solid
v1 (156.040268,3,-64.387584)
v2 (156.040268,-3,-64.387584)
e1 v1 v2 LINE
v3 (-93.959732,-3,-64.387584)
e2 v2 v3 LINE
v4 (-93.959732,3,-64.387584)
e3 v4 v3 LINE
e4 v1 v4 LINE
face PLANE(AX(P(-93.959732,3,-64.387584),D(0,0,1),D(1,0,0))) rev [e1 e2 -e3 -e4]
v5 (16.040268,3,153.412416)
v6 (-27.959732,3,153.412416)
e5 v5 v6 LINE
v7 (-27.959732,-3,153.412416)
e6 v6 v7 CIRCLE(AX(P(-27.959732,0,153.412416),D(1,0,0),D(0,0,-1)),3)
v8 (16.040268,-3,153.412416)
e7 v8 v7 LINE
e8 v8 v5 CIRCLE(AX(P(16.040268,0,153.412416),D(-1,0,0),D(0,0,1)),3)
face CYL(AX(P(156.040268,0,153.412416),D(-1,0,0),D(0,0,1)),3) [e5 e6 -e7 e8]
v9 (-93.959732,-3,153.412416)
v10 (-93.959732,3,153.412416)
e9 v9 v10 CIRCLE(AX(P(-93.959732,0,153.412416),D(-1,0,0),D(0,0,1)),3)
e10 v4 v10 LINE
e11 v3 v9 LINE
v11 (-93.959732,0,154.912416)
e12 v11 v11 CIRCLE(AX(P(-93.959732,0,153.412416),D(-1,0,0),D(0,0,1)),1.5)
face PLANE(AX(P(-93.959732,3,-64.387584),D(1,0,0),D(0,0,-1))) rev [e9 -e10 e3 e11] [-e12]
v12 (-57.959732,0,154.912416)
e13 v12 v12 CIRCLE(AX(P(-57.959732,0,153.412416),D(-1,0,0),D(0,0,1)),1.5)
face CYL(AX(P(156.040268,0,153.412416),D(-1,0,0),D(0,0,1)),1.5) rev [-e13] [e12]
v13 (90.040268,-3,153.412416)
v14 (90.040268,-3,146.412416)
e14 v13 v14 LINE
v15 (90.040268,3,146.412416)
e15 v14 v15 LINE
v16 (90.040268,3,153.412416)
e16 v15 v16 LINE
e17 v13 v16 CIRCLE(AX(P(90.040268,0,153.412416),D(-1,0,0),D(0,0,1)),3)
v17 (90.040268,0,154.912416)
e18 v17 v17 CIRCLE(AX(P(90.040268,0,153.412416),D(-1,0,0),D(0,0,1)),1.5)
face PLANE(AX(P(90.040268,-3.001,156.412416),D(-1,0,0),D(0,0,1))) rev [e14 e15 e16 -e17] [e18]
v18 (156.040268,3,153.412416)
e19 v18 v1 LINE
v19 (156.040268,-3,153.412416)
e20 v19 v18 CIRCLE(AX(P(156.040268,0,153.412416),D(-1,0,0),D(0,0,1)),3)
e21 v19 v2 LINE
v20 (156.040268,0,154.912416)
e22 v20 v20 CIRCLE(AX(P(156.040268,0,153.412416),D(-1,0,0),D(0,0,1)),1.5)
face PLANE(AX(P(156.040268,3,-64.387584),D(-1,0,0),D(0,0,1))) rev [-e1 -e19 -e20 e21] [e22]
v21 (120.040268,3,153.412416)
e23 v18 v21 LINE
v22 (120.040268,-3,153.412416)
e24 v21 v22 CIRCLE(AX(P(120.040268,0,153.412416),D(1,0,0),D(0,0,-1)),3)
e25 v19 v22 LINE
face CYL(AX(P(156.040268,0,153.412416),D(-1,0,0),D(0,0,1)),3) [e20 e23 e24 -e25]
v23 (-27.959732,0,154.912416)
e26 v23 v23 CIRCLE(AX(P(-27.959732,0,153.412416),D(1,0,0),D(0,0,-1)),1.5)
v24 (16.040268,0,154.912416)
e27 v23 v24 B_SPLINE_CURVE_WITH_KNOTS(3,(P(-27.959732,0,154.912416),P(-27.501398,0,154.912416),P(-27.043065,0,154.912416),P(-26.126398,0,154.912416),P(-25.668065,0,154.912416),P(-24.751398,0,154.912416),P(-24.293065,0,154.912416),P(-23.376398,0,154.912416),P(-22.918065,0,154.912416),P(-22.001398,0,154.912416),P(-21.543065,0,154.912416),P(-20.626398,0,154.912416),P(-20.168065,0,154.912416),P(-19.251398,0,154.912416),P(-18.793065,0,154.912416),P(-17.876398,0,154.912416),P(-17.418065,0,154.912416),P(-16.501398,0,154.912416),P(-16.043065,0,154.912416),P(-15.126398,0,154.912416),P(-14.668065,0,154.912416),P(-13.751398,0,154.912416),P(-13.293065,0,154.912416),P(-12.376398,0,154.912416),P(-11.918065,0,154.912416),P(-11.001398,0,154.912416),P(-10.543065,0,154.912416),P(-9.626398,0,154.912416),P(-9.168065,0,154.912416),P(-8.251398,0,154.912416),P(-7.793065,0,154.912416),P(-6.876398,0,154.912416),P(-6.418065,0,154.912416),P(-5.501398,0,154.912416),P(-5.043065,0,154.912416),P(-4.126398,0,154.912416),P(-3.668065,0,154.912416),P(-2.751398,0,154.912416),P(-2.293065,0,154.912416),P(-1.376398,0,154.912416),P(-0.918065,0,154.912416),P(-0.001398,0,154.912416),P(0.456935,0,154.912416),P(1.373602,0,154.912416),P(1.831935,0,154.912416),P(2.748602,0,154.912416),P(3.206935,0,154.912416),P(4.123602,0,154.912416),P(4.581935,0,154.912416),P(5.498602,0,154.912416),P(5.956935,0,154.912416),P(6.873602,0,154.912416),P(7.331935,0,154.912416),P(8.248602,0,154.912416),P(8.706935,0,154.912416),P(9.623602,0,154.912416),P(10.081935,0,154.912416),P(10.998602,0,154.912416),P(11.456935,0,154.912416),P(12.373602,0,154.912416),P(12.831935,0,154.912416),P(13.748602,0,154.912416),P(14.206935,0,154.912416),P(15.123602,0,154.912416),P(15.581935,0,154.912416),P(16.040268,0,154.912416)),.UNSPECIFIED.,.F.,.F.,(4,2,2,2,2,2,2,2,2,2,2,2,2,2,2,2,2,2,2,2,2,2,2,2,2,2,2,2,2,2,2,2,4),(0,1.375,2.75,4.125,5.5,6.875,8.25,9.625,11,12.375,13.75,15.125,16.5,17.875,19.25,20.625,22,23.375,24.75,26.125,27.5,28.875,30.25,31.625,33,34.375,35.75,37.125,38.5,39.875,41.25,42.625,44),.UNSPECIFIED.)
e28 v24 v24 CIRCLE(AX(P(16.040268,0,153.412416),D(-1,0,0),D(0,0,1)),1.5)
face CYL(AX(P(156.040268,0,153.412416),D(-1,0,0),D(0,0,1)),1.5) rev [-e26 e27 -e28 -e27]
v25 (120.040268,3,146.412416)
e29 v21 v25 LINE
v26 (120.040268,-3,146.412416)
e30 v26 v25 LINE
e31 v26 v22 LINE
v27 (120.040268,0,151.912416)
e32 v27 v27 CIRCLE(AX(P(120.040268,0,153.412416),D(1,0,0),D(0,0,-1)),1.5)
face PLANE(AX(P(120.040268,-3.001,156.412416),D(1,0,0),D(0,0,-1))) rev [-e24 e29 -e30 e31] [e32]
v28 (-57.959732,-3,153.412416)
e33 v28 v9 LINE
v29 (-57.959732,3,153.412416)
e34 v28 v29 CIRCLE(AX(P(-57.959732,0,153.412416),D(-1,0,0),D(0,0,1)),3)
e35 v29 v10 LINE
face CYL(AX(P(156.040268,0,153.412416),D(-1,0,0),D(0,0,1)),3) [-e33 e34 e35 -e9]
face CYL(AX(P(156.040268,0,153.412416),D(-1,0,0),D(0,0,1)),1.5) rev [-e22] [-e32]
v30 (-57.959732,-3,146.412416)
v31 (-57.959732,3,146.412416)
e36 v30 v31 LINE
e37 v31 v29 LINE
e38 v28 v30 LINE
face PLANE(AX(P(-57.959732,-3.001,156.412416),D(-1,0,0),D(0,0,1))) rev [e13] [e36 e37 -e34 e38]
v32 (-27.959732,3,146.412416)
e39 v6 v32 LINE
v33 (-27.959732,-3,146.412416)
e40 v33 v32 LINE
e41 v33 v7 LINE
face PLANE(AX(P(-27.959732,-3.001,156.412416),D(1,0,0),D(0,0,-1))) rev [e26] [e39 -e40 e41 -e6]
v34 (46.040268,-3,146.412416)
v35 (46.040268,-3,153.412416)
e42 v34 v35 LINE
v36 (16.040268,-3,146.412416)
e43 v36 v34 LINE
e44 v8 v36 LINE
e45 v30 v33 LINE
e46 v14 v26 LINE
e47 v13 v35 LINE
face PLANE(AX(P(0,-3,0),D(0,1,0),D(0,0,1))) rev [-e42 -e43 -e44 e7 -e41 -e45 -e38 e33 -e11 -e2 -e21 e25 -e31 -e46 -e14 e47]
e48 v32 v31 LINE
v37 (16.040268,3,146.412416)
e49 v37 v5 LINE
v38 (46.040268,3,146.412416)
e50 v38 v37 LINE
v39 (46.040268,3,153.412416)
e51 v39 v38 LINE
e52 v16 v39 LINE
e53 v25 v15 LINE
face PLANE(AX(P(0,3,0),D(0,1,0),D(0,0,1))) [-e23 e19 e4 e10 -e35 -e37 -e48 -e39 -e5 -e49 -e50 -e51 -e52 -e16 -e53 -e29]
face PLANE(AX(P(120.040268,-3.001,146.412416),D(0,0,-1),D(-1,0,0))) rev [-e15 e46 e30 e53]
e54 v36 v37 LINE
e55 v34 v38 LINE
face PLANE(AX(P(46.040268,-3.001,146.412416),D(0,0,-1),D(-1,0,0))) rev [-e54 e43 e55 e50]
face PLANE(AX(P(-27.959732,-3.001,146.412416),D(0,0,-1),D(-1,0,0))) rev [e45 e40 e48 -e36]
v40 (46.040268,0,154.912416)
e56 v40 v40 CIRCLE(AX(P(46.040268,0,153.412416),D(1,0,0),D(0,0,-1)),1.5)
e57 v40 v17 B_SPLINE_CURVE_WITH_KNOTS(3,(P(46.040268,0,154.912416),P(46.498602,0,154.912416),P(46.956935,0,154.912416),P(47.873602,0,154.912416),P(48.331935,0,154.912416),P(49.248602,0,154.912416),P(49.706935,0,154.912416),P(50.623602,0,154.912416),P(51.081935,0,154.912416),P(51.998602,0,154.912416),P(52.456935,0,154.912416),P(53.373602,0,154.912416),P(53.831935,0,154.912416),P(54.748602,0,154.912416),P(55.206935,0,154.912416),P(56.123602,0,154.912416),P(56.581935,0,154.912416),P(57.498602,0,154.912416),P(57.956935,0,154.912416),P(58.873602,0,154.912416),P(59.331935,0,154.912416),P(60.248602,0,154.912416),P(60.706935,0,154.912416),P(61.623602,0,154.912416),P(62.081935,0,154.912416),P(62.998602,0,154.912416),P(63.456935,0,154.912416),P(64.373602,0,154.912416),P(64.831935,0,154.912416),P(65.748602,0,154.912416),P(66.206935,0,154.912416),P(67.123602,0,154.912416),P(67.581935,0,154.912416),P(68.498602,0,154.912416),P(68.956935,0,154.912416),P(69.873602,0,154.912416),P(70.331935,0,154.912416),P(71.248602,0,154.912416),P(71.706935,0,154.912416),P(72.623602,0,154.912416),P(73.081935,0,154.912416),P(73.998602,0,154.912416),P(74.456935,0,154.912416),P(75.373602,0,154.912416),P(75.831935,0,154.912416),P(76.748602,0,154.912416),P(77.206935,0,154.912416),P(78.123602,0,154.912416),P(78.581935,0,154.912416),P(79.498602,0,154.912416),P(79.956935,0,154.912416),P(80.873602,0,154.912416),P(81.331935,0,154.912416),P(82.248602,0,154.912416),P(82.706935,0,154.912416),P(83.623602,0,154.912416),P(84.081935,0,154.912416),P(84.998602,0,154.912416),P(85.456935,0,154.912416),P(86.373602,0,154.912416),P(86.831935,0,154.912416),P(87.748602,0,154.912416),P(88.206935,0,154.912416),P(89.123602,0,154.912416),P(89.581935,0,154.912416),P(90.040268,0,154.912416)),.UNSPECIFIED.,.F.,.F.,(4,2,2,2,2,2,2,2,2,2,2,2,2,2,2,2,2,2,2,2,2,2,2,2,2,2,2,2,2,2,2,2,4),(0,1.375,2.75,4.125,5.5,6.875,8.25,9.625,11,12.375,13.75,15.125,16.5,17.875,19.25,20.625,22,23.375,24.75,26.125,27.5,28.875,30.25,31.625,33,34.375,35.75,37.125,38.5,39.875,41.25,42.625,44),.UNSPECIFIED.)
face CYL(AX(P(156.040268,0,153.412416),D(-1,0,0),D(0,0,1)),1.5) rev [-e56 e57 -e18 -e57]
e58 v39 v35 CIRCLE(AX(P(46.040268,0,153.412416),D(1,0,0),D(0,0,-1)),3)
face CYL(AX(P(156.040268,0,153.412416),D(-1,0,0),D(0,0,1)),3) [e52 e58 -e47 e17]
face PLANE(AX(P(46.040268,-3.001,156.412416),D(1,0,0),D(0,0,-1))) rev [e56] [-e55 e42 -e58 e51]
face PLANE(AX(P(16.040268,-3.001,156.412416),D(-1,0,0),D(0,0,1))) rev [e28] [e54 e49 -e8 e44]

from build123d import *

# Parameters (mm, degrees)
SKETCH_1_W          = 250
SKETCH_1_H          = 220.8
EXTRUDE_1_DEPTH     = 3
CUT_EXTRUDE_1_REACH = 223.019
SKETCH_2_W          = 30
SKETCH_2_H          = 10
SKETCH_3_R          = 1.5
CUT_EXTRUDE_2_DEPTH = 295.913282021


with BuildPart() as part:
    # 草图1 → 凸台-拉伸1 (new, symmetric)
    with BuildSketch(Plane(origin=(0, 0, 0), x_dir=(1, 0, 0), z_dir=(0, 1, 0))):
        with Locations((31.040268456, -46.012416107)):
            Rectangle(SKETCH_1_W, SKETCH_1_H)
    extrude(amount=EXTRUDE_1_DEPTH, both=True)

    # 草图2 → 切除-拉伸1 (cut, up to next)
    with BuildSketch(Plane(origin=(0, 3, 0), x_dir=(1, 0, 0), z_dir=(0, 1, 0)), mode=Mode.PRIVATE) as cut_extrude_1_sk1:
        with Locations((-42.959731544, -151.412416107)):
            Rectangle(SKETCH_2_W, SKETCH_2_H)
    cut_extrude_1_tool1 = extrude(cut_extrude_1_sk1.sketch, amount=-CUT_EXTRUDE_1_REACH, mode=Mode.PRIVATE) & part.part
    # 草图2 → 切除-拉伸1 (cut, up to next)
    with BuildSketch(Plane(origin=(0, 3, 0), x_dir=(1, 0, 0), z_dir=(0, 1, 0)), mode=Mode.PRIVATE) as cut_extrude_1_sk2:
        with Locations((31.040268456, -151.412416107)):
            Rectangle(SKETCH_2_W, SKETCH_2_H)
    cut_extrude_1_tool2 = extrude(cut_extrude_1_sk2.sketch, amount=-CUT_EXTRUDE_1_REACH, mode=Mode.PRIVATE) & part.part
    # 草图2 → 切除-拉伸1 (cut, up to next)
    with BuildSketch(Plane(origin=(0, 3, 0), x_dir=(1, 0, 0), z_dir=(0, 1, 0)), mode=Mode.PRIVATE) as cut_extrude_1_sk3:
        with Locations((105.040268456, -151.412416107)):
            Rectangle(SKETCH_2_W, SKETCH_2_H)
    cut_extrude_1_tool3 = extrude(cut_extrude_1_sk3.sketch, amount=-CUT_EXTRUDE_1_REACH, mode=Mode.PRIVATE) & part.part
    add(cut_extrude_1_tool1.solids().sort_by_distance((-42.959732, 3, 151.412416))[0], mode=Mode.SUBTRACT)
    add(cut_extrude_1_tool2.solids().sort_by_distance((31.040268, 3, 151.412416))[0], mode=Mode.SUBTRACT)
    add(cut_extrude_1_tool3.solids().sort_by_distance((105.040268, 3, 151.412416))[0], mode=Mode.SUBTRACT)

    # 草图3 → 切除-拉伸2 (cut, through all)
    with BuildSketch(Plane.ZY.offset(93.959731544)):
        with Locations((153.412416107, 0)):
            Circle(SKETCH_3_R)
        with BuildLine():
            Line((156.412416107, 3), (153.412416107, 3))
            ThreePointArc((153.412416107, 3), (155.533736451, 2.121320344), (156.412416107, 0))
            Line((156.412416107, 0), (156.412416107, 3))
        make_face()
        with BuildLine():
            Line((156.412416107, -3), (156.412416107, 0))
            ThreePointArc((156.412416107, 0), (155.533736451, -2.121320344), (153.412416107, -3))
            Line((153.412416107, -3), (156.412416107, -3))
        make_face()
    extrude(amount=-CUT_EXTRUDE_2_DEPTH, mode=Mode.SUBTRACT)


solid = part.part
